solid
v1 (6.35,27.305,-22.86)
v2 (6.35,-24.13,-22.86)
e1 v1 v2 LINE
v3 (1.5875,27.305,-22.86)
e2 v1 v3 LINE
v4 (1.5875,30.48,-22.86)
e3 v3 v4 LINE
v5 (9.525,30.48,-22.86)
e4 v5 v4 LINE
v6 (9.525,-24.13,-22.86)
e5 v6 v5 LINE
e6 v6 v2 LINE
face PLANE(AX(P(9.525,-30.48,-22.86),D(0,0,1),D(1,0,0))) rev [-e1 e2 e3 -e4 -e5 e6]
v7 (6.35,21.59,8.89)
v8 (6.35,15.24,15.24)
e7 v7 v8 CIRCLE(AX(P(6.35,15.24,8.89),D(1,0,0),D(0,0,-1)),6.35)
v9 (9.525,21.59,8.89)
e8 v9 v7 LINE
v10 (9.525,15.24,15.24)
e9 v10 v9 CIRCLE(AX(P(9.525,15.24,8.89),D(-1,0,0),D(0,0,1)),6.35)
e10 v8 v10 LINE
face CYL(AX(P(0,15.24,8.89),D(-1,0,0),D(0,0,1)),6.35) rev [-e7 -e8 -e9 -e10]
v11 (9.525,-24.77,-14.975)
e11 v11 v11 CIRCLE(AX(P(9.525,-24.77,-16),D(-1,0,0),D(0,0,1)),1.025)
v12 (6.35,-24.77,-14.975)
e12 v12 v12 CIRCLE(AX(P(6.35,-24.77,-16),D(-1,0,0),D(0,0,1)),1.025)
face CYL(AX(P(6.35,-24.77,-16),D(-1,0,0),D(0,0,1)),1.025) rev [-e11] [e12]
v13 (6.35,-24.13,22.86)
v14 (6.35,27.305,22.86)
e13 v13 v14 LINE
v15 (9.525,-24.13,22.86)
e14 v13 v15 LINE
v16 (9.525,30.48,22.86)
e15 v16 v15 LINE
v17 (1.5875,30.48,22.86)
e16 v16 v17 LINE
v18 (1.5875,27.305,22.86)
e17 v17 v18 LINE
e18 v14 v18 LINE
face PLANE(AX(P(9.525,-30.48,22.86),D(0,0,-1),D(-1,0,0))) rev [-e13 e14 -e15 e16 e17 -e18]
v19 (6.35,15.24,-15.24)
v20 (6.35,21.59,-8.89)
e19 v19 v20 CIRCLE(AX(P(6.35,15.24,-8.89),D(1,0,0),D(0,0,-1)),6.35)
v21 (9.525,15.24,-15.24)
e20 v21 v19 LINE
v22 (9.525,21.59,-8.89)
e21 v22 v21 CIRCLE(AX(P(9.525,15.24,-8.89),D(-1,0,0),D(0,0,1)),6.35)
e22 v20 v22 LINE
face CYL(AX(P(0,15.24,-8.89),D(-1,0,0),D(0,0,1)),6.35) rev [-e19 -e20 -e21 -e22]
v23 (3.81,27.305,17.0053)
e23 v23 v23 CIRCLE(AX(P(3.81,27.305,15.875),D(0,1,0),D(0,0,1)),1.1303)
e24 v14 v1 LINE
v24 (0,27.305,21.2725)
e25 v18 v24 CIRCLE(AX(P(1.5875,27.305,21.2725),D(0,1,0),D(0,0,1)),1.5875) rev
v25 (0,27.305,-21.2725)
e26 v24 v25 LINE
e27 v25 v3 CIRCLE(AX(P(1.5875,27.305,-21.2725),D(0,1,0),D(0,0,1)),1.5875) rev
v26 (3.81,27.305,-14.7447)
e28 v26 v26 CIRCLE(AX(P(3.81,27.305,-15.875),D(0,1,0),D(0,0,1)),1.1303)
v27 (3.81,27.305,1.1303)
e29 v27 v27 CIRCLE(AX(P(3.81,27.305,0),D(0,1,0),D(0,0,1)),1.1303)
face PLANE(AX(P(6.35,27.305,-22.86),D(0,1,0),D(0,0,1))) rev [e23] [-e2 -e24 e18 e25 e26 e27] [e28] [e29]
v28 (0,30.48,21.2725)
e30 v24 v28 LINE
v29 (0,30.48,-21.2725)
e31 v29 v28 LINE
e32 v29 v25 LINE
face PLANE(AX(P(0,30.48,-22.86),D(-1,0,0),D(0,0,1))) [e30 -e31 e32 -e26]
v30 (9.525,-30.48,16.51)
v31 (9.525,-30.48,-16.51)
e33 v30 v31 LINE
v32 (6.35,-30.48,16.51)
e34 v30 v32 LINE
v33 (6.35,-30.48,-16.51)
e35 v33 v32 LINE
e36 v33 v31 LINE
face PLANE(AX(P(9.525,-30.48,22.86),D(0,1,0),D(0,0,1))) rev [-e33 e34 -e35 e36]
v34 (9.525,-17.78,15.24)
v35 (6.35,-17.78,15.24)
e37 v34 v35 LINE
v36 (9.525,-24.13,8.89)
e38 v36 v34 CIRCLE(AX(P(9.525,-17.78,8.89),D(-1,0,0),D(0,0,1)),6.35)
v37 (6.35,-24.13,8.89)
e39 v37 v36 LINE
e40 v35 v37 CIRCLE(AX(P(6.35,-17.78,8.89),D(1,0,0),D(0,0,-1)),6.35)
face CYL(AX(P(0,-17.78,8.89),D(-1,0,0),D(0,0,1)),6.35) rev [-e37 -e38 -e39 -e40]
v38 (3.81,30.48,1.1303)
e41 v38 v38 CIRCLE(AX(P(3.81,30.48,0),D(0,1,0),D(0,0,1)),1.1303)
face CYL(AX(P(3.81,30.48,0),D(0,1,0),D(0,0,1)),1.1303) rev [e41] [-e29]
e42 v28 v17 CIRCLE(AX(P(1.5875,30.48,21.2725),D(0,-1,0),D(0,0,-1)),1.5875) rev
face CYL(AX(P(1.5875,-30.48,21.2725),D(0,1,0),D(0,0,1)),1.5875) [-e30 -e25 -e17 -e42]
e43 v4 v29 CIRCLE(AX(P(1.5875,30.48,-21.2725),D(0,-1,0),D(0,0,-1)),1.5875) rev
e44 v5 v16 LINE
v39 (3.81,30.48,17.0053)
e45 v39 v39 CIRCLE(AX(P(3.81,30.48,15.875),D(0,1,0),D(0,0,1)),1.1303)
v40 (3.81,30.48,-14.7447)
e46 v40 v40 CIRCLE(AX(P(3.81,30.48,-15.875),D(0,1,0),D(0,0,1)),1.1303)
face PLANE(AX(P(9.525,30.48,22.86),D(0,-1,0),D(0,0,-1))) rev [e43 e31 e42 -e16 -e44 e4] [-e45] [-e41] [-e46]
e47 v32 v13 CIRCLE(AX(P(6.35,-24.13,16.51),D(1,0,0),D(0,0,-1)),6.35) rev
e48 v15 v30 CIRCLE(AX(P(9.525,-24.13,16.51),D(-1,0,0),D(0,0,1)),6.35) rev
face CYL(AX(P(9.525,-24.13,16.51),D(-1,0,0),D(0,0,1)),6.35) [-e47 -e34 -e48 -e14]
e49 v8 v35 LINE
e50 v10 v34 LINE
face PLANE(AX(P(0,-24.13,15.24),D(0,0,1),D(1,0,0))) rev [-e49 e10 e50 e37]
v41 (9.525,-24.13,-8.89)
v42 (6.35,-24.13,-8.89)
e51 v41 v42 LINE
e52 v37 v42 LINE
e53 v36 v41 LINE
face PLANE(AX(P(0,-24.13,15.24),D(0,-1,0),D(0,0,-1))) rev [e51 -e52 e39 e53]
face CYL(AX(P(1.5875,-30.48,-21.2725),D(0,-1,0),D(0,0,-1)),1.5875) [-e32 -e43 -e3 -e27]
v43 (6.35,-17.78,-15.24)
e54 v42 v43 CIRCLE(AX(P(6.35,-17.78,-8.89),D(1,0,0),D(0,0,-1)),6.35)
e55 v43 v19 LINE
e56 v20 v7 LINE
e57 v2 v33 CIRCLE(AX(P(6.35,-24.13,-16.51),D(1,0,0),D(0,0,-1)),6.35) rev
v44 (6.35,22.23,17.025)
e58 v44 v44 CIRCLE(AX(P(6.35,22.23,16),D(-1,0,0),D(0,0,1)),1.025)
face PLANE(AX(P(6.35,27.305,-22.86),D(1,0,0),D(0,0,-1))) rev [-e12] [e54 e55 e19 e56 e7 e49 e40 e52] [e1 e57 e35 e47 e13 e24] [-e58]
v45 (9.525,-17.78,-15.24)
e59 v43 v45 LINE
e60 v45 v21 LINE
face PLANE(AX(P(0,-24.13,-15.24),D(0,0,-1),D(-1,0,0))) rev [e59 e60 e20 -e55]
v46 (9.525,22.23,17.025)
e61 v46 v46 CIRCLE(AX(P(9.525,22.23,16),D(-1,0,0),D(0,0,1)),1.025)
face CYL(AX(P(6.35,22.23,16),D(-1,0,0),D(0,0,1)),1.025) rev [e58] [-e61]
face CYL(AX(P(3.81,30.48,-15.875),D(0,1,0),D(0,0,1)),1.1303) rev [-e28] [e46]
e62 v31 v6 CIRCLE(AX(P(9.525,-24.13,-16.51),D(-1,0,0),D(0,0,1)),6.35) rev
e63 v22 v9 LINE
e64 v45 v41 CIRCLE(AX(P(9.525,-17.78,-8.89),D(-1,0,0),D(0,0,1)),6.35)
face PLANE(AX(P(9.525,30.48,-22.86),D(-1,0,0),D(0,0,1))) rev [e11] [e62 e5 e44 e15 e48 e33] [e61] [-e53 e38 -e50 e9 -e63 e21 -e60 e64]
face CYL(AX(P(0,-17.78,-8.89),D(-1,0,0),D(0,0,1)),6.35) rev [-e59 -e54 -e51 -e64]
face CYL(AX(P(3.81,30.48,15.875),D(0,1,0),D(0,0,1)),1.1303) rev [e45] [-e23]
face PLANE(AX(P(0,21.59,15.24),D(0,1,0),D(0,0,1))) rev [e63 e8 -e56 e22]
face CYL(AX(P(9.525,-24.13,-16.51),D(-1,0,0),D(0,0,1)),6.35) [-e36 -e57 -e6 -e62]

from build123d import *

# Parameters (mm, degrees)
SKETCH1_W                    = 45.72
SKETCH1_H                    = 60.96
BOSS_EXTRUDE1_DEPTH          = 9.525
SKETCH2_W                    = 45.72
SKETCH2_H                    = 57.785
CUT_EXTRUDE1_DEPTH           = 6.35
SKETCH3_W                    = 30.48
SKETCH3_H                    = 45.72
CUT_EXTRUDE2_DEPTH           = 40.272581084
FILLET1_R                    = 6.35
M2_5X0_45_TAPPED_HOLE1_D     = 2.05
M2_5X0_45_TAPPED_HOLE1_DEPTH = 7.366
M2_5X0_45_TAPPED_HOLE1_TIP   = 0.615882135
F_4_40_TAPPED_HOLE1_D        = 2.2606
FILLET2_R                    = 1.5875


with BuildPart() as part:
    # Sketch1 → Boss-Extrude1 (new body)
    with BuildSketch(Plane(origin=(0, 0, 0), x_dir=(0, 0, -1), z_dir=(1, 0, 0))):
        Rectangle(SKETCH1_W, SKETCH1_H)
    extrude(amount=BOSS_EXTRUDE1_DEPTH)

    # Sketch2 → Cut-Extrude1 (cut)
    with BuildSketch(Plane.ZY):
        with Locations((0, -1.5875)):
            Rectangle(SKETCH2_W, SKETCH2_H)
    extrude(amount=-CUT_EXTRUDE1_DEPTH, mode=Mode.SUBTRACT)

    # Sketch3 → Cut-Extrude2 (cut, through all)
    with BuildSketch(Plane(origin=(9.525, 0, 0), x_dir=(0, 0, -1), z_dir=(1, 0, 0))):
        with Locations((0, -1.27)):
            Rectangle(SKETCH3_W, SKETCH3_H)
    extrude(amount=-CUT_EXTRUDE2_DEPTH, mode=Mode.SUBTRACT)

    # Fillet1
    fillet1_edges = [part.edges().sort_by_distance(p)[0] for p in [
        (7.9375, 21.59, -15.24),
        (7.9375, -24.13, -15.24),
        (7.9375, -24.13, 15.24),
        (7.9375, 21.59, 15.24),
        (7.9375, -30.48, -22.86),
        (7.9375, -30.48, 22.86),
    ]]
    fillet(fillet1_edges, radius=FILLET1_R)

    # M2.5x0.45 Tapped Hole1
    with Locations(Plane.ZY.offset(-6.35)):
        with Locations((16, 22.23), (-16, -24.77), (0, -1.27)):
            Hole(M2_5X0_45_TAPPED_HOLE1_D / 2, depth=M2_5X0_45_TAPPED_HOLE1_DEPTH)
            with Locations((0, 0, -(M2_5X0_45_TAPPED_HOLE1_DEPTH + M2_5X0_45_TAPPED_HOLE1_TIP / 2))):  # 118° drill point
                Cone(0, M2_5X0_45_TAPPED_HOLE1_D / 2, M2_5X0_45_TAPPED_HOLE1_TIP, mode=Mode.SUBTRACT)

    # #4-40 Tapped Hole1 (through all)
    with Locations(Plane(origin=(0, 30.48, 0), x_dir=(-1, 0, 0), z_dir=(0, 1, 0))):
        with Locations((-3.81, -15.875), (-3.81, 15.875), (-3.81, 0)):
            Hole(F_4_40_TAPPED_HOLE1_D / 2)

    # Fillet2
    fillet2_edges = [part.edges().sort_by_distance(p)[0] for p in [
        (0, 28.8925, -22.86),
        (0, 28.8925, 22.86),
    ]]
    fillet(fillet2_edges, radius=FILLET2_R)


solid = part.part
